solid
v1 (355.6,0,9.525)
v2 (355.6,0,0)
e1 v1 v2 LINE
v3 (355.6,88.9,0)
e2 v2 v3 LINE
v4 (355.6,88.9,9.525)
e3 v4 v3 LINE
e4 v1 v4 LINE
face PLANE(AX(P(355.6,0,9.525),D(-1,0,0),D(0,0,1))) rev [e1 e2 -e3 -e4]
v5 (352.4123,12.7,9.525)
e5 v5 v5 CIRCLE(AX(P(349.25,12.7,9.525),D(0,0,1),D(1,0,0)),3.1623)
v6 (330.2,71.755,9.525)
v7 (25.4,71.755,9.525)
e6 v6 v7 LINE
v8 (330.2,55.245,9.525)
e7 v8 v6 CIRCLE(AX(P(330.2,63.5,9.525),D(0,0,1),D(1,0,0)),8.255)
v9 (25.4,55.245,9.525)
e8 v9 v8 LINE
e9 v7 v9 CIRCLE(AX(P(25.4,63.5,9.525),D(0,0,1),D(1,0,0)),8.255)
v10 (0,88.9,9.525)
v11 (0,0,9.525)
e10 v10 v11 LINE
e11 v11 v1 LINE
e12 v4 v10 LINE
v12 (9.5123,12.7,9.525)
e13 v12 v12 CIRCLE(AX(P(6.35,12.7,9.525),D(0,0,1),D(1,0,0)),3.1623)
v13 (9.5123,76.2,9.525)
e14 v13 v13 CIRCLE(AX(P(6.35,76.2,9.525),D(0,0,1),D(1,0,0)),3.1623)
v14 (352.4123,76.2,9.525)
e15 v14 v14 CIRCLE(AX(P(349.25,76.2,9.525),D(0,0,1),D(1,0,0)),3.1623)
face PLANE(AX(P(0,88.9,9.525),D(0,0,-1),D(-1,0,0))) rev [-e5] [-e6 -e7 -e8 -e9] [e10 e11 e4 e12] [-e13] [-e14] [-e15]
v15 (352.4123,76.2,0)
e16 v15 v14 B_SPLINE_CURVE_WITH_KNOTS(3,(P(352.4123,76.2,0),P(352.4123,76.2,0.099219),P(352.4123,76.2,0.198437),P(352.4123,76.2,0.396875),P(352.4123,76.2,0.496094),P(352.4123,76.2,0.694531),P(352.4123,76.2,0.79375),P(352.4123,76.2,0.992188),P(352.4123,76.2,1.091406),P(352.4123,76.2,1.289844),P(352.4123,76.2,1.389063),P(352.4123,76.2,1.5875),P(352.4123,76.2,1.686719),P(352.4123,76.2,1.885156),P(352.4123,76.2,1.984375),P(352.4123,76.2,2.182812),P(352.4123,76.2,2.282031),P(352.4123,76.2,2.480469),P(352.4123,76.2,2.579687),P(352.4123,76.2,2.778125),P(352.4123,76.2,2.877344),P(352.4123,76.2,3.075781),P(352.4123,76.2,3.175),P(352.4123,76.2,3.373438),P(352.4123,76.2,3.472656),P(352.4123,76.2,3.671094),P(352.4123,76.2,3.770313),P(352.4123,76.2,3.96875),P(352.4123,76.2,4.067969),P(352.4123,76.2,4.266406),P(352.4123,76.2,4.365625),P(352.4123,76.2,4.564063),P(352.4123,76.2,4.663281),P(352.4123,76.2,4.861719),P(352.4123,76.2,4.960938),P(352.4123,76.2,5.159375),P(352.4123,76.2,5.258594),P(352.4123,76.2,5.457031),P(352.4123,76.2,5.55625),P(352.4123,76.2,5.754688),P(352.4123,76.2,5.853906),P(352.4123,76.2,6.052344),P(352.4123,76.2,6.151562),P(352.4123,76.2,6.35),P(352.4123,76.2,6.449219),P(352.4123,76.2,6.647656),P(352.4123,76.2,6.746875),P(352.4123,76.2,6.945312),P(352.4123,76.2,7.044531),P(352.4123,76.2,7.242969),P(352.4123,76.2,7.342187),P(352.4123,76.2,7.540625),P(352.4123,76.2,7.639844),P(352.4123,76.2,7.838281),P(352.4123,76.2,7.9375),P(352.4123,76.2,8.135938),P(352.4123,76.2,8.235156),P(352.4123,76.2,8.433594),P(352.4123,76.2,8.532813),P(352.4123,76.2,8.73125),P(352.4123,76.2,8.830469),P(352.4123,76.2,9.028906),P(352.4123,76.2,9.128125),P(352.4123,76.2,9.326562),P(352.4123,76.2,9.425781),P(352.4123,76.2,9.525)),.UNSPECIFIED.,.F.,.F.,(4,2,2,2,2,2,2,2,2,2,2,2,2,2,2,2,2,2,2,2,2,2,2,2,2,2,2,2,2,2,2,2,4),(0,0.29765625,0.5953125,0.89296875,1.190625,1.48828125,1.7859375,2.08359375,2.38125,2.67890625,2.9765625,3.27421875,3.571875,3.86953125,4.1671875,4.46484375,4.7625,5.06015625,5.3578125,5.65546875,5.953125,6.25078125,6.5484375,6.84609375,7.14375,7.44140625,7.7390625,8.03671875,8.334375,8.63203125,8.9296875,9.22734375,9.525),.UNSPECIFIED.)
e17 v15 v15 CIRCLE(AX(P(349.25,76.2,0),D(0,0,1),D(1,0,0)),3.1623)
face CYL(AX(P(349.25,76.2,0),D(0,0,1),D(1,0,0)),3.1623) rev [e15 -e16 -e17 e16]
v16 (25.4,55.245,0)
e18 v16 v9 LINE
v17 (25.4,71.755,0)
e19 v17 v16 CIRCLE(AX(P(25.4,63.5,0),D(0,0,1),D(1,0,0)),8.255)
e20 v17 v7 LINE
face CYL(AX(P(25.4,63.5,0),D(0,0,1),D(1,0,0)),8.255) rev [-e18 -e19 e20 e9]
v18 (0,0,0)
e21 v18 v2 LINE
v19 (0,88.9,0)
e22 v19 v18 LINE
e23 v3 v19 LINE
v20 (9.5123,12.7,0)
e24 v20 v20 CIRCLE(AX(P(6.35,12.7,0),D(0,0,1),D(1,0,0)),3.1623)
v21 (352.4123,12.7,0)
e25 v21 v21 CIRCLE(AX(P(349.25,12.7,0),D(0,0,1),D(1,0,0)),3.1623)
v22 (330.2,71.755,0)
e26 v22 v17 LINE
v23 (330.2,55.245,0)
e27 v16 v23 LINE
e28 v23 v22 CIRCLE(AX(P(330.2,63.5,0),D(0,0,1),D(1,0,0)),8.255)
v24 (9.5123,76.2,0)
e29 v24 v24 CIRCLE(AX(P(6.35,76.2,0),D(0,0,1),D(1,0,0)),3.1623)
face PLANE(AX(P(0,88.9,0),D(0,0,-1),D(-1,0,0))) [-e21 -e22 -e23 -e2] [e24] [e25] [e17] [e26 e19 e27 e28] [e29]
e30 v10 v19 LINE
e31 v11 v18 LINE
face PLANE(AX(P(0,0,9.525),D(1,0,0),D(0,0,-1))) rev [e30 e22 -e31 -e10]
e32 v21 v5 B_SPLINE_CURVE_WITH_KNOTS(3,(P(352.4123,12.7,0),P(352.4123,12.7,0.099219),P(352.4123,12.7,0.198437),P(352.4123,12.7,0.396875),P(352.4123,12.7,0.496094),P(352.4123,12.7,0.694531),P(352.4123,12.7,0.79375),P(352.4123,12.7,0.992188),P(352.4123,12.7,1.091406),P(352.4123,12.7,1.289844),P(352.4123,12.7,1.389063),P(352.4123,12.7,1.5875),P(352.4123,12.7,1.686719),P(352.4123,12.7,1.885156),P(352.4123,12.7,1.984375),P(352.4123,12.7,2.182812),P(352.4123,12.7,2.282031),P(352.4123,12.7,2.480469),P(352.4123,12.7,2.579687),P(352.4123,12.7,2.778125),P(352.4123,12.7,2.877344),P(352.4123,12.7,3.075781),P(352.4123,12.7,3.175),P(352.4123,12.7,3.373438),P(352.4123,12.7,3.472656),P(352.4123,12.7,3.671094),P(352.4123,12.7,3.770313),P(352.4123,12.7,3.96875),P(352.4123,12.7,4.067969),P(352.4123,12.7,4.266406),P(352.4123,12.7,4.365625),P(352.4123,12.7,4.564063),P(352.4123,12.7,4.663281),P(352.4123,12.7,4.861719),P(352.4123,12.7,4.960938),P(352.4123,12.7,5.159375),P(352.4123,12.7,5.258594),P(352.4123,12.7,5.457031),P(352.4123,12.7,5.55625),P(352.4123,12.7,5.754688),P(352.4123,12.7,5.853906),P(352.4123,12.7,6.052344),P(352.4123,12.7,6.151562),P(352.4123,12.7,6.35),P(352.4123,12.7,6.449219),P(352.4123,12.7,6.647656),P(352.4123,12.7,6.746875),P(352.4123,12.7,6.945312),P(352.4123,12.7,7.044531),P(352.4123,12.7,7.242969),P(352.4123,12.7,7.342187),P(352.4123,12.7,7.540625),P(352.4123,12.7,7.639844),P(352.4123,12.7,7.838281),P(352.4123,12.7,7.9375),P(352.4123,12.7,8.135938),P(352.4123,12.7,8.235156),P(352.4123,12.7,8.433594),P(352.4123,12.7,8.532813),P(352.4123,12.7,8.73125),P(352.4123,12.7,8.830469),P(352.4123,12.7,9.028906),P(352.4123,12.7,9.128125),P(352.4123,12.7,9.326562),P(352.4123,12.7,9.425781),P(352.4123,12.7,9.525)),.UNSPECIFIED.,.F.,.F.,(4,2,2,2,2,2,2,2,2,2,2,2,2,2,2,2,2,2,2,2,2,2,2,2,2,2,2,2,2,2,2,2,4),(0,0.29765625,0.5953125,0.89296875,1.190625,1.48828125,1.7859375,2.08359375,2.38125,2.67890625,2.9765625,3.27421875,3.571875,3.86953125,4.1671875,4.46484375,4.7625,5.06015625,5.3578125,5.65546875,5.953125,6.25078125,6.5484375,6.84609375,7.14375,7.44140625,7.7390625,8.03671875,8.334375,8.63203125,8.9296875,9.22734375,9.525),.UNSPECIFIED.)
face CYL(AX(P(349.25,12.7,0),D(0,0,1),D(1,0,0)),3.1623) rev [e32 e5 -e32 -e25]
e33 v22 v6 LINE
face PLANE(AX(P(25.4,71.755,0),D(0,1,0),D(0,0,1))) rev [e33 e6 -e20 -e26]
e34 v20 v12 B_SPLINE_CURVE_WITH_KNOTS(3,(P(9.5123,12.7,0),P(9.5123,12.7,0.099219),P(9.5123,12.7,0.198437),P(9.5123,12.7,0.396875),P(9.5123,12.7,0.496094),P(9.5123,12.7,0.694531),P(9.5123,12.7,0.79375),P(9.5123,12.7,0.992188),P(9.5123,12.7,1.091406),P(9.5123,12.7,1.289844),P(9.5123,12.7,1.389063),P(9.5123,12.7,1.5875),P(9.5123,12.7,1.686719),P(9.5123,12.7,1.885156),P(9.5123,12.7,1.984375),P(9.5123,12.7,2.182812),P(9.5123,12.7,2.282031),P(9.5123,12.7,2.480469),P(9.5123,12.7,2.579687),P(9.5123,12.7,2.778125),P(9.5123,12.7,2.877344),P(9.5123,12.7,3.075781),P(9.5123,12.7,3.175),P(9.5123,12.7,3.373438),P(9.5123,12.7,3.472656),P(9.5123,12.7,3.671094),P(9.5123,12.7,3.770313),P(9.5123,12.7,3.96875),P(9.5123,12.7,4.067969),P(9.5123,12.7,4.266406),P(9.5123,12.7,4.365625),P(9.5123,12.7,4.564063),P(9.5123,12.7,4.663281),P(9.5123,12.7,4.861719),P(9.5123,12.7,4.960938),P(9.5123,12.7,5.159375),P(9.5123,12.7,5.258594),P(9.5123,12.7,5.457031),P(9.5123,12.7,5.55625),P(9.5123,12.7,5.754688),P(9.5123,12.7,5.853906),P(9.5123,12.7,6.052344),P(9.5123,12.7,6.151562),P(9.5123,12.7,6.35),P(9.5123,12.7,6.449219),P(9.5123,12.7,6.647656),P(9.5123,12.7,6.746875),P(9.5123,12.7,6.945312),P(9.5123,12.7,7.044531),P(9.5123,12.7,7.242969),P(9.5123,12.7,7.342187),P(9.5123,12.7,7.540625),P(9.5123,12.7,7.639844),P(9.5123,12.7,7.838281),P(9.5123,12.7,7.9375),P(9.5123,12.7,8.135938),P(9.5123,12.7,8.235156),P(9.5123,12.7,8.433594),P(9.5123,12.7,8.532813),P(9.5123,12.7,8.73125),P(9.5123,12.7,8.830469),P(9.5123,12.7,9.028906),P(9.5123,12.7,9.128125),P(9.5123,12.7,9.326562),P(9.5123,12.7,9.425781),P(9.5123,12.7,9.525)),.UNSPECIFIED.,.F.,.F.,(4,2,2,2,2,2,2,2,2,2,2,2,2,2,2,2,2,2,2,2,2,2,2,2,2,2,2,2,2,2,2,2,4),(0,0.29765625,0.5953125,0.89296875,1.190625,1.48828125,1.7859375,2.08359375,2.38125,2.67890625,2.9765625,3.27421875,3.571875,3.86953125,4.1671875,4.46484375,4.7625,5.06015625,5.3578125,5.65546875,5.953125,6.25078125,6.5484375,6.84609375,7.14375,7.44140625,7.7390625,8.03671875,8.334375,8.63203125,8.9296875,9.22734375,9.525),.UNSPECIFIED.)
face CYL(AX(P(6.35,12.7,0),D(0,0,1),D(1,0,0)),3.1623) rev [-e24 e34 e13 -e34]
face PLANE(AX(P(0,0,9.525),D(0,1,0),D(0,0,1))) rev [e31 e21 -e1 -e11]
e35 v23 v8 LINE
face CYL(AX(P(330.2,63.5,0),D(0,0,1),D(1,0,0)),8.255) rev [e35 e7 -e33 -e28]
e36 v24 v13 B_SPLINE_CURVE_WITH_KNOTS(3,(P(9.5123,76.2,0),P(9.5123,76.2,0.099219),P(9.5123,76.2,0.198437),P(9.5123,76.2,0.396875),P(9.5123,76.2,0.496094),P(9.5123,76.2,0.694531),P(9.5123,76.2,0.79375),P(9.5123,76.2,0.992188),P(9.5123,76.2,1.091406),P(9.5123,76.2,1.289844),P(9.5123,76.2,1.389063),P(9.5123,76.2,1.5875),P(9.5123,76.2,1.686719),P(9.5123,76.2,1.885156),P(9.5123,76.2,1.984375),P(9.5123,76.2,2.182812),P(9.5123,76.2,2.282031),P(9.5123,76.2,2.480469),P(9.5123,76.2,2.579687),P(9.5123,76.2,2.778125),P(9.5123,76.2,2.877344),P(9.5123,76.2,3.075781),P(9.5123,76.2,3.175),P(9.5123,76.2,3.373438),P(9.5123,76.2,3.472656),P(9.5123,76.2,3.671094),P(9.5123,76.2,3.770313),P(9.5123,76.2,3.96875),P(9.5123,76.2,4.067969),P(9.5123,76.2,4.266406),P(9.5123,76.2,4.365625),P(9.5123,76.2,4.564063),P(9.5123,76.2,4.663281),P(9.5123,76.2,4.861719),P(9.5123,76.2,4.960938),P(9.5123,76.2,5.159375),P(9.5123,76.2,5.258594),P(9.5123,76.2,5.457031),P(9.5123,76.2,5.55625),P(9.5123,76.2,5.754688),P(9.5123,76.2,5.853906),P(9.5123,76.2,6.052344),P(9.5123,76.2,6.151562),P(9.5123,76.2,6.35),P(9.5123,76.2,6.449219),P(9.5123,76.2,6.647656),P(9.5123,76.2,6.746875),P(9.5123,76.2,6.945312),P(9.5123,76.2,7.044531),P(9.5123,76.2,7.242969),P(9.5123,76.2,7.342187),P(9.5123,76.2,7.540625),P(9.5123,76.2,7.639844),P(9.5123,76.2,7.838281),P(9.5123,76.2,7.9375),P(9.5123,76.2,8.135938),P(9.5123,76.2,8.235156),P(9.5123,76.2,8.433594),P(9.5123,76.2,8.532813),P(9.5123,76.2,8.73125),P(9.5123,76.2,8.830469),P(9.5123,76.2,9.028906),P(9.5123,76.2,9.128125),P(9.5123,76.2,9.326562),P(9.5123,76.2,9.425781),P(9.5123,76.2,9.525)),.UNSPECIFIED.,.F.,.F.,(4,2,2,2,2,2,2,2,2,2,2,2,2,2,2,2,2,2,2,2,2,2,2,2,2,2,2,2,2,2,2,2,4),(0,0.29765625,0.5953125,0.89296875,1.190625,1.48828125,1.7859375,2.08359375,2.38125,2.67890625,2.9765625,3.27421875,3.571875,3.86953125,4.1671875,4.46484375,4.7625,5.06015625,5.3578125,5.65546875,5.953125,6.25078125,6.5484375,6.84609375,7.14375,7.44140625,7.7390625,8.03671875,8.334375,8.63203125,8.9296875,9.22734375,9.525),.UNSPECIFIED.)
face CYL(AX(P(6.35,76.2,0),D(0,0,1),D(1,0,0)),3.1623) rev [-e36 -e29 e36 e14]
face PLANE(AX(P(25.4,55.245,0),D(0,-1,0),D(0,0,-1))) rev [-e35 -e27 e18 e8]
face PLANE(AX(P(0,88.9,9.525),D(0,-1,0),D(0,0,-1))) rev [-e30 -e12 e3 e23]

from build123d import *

# Parameters (mm, degrees)
SKETCH1_W           = 355.6
SKETCH1_H           = 88.9
BOSS_EXTRUDE1_DEPTH = 9.525
SKETCH2_R           = 3.1623
CUT_EXTRUDE1_DEPTH  = 367.667827366
CUT_EXTRUDE2_DEPTH  = 367.667827366


with BuildPart() as part:
    # Sketch1 → Boss-Extrude1 (new body)
    with BuildSketch(Plane.XY):
        with Locations((177.8, 44.45)):
            Rectangle(SKETCH1_W, SKETCH1_H)
    extrude(amount=BOSS_EXTRUDE1_DEPTH)

    # Sketch2 → Cut-Extrude1 (cut, through all)
    with BuildSketch(Plane.XY.offset(9.525)):
        with Locations((6.35, 76.2)):
            Circle(SKETCH2_R)
        with Locations((6.35, 12.7)):
            Circle(SKETCH2_R)
        with Locations((349.25, 76.2)):
            Circle(SKETCH2_R)
        with Locations((349.25, 12.7)):
            Circle(SKETCH2_R)
    extrude(amount=-CUT_EXTRUDE1_DEPTH, mode=Mode.SUBTRACT)

    # Sketch3 → Cut-Extrude2 (cut, through all)
    with BuildSketch(Plane.XY.offset(9.525)):
        with BuildLine():
            Line((25.4, 71.755), (330.2, 71.755))
            ThreePointArc((330.2, 71.755), (338.455, 63.5), (330.2, 55.245))
            Line((330.2, 55.245), (25.4, 55.245))
            ThreePointArc((25.4, 55.245), (17.145, 63.5), (25.4, 71.755))
        make_face()
    extrude(amount=-CUT_EXTRUDE2_DEPTH, mode=Mode.SUBTRACT)


solid = part.part
